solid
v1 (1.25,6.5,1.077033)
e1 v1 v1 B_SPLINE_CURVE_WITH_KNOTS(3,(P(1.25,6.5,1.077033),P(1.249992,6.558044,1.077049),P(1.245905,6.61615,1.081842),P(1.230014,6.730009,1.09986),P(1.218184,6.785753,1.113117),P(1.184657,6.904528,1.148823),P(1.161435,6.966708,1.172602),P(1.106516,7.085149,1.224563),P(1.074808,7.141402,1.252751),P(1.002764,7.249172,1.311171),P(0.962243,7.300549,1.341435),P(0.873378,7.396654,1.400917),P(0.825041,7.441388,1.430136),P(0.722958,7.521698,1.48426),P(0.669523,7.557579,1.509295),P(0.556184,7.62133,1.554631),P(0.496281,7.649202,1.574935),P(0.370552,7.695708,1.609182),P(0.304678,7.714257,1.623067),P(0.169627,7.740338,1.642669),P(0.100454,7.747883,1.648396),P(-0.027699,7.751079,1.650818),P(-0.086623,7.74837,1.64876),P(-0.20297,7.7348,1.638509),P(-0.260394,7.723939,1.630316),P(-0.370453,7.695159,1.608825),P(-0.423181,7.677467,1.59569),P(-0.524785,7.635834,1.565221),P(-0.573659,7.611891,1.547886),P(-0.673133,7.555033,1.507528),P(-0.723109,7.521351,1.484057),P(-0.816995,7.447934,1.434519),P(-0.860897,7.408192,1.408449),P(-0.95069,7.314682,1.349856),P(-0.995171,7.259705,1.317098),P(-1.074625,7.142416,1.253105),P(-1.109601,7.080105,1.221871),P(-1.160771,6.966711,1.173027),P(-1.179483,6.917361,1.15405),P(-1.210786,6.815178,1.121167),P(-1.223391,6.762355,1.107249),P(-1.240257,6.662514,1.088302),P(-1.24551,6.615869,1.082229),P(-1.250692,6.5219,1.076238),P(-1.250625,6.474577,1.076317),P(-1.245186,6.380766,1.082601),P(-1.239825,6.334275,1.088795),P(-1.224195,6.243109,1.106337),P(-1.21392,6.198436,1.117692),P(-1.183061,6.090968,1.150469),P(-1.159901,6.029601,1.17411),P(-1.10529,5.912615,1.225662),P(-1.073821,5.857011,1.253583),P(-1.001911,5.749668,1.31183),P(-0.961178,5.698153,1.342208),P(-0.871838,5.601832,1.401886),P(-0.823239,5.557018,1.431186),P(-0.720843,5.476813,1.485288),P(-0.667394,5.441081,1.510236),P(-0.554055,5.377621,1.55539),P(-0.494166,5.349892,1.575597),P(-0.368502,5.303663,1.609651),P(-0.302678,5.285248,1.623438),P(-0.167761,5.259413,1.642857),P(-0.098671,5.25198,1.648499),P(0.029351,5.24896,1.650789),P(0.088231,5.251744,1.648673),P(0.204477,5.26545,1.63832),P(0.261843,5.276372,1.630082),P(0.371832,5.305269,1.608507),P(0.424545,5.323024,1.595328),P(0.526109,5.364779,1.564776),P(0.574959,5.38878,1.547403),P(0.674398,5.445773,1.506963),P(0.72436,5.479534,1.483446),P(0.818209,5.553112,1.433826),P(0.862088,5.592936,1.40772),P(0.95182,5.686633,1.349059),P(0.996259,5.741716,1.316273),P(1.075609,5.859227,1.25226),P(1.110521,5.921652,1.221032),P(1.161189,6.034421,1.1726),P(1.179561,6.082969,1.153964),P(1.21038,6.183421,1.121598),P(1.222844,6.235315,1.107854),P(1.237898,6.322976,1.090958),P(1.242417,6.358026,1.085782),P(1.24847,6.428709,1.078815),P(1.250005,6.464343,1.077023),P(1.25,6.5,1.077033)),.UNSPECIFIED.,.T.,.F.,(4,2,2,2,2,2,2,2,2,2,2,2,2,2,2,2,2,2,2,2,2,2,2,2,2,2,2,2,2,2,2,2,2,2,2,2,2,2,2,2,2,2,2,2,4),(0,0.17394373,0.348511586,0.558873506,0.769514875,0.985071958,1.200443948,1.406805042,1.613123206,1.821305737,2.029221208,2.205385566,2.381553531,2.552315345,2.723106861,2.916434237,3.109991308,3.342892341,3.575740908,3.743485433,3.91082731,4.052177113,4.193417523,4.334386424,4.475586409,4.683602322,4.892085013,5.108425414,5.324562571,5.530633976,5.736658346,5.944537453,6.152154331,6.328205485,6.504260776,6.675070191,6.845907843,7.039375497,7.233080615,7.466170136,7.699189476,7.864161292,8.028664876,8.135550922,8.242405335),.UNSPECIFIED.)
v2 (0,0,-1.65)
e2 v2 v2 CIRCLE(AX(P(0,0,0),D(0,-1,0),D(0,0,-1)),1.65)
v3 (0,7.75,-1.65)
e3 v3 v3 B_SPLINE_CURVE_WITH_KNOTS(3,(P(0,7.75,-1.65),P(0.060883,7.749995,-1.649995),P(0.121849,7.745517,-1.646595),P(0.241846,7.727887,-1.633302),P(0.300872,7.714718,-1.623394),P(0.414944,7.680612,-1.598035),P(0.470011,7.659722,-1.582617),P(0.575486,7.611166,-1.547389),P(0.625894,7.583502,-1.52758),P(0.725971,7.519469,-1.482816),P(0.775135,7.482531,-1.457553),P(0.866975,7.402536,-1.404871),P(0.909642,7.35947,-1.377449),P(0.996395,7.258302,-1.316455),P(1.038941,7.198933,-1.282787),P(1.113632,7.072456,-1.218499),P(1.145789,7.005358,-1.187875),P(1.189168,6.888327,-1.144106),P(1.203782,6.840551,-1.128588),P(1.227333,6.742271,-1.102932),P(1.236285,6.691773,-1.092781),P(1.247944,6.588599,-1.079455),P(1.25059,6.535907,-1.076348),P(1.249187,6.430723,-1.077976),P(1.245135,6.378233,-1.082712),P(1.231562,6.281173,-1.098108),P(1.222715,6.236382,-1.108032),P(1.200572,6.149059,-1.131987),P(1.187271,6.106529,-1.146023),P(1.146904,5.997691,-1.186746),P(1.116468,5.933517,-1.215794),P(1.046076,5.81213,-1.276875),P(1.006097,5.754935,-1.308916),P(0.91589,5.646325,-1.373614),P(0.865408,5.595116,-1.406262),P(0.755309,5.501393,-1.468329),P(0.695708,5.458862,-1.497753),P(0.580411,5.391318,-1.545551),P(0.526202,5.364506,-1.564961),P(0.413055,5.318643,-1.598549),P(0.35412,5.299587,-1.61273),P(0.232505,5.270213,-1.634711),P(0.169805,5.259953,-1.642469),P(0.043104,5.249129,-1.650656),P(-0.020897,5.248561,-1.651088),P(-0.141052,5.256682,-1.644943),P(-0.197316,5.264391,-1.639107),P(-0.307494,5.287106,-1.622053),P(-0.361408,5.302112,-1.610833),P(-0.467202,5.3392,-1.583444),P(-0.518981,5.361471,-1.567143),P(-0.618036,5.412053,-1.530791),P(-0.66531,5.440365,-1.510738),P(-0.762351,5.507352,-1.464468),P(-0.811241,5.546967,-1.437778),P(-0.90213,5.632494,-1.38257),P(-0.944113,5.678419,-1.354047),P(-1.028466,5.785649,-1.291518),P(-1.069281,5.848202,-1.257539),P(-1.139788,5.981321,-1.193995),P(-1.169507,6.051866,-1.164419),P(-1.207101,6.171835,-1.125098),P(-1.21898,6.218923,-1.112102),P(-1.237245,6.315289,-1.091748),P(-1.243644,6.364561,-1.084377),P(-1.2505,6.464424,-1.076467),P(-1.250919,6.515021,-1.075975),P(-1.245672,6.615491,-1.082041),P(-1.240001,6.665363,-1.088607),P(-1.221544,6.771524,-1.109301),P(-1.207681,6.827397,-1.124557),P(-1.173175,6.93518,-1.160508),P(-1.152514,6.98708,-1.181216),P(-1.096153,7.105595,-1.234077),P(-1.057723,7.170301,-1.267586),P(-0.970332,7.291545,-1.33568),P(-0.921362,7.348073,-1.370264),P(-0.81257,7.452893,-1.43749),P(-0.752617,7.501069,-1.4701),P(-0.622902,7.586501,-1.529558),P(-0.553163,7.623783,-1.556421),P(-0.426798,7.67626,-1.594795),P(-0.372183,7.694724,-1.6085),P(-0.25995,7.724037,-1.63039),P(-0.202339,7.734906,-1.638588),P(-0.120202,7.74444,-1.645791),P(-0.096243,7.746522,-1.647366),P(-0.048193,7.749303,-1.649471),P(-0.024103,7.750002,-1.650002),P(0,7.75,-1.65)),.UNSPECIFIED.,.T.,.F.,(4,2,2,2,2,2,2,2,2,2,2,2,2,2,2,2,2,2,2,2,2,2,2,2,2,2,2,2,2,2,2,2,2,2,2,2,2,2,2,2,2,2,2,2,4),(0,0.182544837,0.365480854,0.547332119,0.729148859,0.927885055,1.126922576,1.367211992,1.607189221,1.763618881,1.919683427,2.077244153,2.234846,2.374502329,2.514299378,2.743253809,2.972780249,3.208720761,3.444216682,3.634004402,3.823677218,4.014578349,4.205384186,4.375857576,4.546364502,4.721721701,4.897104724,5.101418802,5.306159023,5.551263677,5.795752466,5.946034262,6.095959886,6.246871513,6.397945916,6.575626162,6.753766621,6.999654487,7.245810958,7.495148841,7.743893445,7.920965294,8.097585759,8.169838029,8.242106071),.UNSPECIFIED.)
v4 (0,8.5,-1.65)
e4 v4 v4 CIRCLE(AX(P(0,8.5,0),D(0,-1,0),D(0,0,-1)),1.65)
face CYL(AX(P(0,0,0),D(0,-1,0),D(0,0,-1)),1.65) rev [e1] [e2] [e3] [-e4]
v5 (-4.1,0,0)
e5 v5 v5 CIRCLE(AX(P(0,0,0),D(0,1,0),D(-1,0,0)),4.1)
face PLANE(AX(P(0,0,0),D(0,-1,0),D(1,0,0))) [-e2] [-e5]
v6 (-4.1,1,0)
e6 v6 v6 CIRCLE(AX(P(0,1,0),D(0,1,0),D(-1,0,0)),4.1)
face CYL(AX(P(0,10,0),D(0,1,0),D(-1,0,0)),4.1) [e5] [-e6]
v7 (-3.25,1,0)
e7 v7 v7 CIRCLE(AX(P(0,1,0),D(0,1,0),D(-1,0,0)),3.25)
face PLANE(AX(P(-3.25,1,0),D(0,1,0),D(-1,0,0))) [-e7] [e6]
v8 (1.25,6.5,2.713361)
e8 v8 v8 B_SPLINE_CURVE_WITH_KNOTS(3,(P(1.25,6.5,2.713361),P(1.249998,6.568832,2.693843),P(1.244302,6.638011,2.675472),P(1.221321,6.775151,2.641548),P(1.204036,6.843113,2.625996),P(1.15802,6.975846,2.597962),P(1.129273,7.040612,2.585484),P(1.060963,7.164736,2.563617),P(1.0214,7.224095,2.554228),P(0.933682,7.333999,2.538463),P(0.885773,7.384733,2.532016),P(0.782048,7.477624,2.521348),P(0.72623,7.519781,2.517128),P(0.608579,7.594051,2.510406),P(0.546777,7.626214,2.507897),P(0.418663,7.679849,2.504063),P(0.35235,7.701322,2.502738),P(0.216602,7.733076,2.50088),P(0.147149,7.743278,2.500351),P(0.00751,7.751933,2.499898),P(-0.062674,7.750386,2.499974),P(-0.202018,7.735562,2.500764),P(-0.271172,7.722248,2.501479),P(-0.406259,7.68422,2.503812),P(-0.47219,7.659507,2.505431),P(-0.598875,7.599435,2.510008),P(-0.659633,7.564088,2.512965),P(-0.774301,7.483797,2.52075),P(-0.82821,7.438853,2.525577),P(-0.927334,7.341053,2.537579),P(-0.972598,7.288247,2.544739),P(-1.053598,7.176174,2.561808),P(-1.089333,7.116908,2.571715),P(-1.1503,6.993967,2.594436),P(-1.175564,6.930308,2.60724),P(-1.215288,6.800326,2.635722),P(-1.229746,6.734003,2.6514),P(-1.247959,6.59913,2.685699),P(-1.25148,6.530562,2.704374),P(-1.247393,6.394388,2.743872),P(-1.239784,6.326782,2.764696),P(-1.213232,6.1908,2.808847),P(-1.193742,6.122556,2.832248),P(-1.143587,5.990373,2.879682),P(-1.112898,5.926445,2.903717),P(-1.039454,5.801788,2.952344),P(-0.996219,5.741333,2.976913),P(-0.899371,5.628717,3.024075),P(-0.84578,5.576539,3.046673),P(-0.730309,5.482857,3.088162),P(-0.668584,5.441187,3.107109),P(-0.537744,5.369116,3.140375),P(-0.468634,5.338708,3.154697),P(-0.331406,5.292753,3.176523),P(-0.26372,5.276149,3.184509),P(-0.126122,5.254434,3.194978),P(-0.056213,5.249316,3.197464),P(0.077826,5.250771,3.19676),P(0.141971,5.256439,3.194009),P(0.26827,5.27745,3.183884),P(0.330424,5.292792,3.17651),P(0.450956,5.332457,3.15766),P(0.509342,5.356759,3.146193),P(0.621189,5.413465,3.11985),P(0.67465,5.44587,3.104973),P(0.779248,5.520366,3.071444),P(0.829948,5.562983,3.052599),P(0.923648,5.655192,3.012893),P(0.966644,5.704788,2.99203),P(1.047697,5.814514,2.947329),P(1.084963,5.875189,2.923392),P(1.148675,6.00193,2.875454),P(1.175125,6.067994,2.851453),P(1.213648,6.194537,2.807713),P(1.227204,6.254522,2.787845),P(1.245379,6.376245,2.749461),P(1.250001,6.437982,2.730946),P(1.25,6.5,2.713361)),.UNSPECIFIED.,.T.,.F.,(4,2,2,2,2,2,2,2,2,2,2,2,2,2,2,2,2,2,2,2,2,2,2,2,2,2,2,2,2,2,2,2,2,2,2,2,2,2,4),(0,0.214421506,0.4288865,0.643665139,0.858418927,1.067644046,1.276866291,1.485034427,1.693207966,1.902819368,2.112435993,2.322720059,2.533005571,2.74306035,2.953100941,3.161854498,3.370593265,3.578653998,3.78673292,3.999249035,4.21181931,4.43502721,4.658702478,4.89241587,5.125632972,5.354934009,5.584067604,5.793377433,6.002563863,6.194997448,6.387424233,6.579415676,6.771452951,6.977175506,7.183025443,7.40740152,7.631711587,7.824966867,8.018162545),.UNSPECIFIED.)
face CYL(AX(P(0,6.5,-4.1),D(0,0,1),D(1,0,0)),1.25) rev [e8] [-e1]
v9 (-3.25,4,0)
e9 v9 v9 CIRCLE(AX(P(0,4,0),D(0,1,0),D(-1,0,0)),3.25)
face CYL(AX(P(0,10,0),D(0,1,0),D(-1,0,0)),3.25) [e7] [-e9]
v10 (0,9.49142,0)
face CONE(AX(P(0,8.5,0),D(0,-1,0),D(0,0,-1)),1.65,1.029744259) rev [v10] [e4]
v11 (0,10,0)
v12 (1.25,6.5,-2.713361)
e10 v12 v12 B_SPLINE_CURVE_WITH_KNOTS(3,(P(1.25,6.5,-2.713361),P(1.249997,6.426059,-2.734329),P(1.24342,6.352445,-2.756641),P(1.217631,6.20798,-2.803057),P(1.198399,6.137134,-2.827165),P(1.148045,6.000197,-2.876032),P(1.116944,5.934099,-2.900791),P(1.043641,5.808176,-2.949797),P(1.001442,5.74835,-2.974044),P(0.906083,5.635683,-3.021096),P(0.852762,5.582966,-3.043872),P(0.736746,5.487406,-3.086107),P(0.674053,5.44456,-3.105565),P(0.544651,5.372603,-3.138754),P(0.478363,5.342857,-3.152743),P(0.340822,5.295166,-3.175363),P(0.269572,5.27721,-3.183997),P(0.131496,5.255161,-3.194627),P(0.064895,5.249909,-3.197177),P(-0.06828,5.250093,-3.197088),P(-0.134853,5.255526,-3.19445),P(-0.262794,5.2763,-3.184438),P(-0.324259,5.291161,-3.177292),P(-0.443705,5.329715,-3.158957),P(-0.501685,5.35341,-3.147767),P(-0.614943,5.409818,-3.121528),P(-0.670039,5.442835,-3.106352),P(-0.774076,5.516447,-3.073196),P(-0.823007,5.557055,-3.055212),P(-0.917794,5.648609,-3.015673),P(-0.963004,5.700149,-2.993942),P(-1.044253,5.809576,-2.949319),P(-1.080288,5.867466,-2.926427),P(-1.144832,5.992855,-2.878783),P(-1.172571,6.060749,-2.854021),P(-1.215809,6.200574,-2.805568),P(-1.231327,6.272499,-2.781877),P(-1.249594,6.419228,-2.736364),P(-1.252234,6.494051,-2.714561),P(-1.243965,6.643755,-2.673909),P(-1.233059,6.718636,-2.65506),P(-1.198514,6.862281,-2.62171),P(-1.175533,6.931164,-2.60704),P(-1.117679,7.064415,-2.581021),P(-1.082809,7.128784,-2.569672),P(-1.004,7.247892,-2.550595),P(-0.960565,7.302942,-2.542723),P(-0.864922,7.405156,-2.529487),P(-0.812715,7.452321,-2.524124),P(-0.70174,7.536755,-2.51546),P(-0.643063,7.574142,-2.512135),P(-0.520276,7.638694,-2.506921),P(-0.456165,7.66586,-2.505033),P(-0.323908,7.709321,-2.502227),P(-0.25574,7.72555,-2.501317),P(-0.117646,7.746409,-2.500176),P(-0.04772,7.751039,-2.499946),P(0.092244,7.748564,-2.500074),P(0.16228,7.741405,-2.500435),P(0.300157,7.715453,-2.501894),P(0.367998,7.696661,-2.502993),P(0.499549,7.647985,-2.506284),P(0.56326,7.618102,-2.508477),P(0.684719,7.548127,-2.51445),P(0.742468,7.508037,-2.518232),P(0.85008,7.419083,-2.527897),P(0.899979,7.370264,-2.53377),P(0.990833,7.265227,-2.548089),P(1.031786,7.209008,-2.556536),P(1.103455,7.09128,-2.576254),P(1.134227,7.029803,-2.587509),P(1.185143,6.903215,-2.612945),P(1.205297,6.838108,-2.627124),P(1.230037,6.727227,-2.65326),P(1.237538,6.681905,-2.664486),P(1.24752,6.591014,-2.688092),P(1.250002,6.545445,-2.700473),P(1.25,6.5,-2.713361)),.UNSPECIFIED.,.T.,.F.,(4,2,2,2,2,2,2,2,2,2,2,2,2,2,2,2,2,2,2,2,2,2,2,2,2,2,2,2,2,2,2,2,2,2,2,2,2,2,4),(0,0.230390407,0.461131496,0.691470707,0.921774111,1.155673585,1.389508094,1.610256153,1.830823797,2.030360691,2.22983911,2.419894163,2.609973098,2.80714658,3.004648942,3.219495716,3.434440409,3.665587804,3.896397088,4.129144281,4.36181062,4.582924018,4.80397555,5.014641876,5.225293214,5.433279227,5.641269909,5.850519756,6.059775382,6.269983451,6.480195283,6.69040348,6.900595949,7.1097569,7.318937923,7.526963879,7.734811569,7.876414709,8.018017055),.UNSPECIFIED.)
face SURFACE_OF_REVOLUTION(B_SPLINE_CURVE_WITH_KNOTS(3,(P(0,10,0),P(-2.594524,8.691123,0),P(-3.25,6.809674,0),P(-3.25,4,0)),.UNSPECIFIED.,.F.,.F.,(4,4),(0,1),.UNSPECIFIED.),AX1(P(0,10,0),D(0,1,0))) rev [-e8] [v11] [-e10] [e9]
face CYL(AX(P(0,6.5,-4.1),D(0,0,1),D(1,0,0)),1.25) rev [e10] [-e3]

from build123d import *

# Parameters (mm, degrees)
M4X0_7_TAPPED_HOLE1_D     = 3.3
M4X0_7_TAPPED_HOLE1_DEPTH = 8.5
M4X0_7_TAPPED_HOLE1_TIP   = 0.991420021
CUT_EXTRUDE1_DEPTH        = 12.559411836
CUT_EXTRUDE1_DEPTH_BACK   = 12.559411836
SKETCH4_R                 = 1.25


with BuildPart() as part:
    # Sketch1 → Revolve1 (revolve)
    with BuildSketch(Plane.XY):
        with BuildLine():
            Line((0, 0), (-4.1, 0))
            Line((-4.1, 0), (-4.1, 1))
            Line((-4.1, 1), (-3.25, 1))
            Line((-3.25, 1), (-3.25, 4))
            add(Edge.make_bspline(
                [(-3.25, 4), (-3.25, 6.809673905), (-2.594523583, 8.691122547), (0, 10)],
                knots=[0, 0, 0, 0, 1, 1, 1, 1], degree=3))
            Line((0, 10), (0, 0))
        make_face()
    revolve(axis=Axis((0, 10, 0), (0, -1, 0)))

    # M4x0.7 Tapped Hole1
    with Locations(Plane(origin=(0, 0, 0), x_dir=(-1, 0, 0), z_dir=(0, -1, 0))):
        with Locations((0, 0)):
            Hole(M4X0_7_TAPPED_HOLE1_D / 2, depth=M4X0_7_TAPPED_HOLE1_DEPTH)
            with Locations((0, 0, -(M4X0_7_TAPPED_HOLE1_DEPTH + M4X0_7_TAPPED_HOLE1_TIP / 2))):  # 118° drill point
                Cone(0, M4X0_7_TAPPED_HOLE1_D / 2, M4X0_7_TAPPED_HOLE1_TIP, mode=Mode.SUBTRACT)

    # Sketch4 → Cut-Extrude1 (cut, two sides: drawn at the far end of the back side and taken through both)
    with BuildSketch(Plane.XY.offset(-CUT_EXTRUDE1_DEPTH_BACK)):
        with Locations((0, 6.5)):
            Circle(SKETCH4_R)
    extrude(amount=CUT_EXTRUDE1_DEPTH + CUT_EXTRUDE1_DEPTH_BACK, mode=Mode.SUBTRACT)


solid = part.part
